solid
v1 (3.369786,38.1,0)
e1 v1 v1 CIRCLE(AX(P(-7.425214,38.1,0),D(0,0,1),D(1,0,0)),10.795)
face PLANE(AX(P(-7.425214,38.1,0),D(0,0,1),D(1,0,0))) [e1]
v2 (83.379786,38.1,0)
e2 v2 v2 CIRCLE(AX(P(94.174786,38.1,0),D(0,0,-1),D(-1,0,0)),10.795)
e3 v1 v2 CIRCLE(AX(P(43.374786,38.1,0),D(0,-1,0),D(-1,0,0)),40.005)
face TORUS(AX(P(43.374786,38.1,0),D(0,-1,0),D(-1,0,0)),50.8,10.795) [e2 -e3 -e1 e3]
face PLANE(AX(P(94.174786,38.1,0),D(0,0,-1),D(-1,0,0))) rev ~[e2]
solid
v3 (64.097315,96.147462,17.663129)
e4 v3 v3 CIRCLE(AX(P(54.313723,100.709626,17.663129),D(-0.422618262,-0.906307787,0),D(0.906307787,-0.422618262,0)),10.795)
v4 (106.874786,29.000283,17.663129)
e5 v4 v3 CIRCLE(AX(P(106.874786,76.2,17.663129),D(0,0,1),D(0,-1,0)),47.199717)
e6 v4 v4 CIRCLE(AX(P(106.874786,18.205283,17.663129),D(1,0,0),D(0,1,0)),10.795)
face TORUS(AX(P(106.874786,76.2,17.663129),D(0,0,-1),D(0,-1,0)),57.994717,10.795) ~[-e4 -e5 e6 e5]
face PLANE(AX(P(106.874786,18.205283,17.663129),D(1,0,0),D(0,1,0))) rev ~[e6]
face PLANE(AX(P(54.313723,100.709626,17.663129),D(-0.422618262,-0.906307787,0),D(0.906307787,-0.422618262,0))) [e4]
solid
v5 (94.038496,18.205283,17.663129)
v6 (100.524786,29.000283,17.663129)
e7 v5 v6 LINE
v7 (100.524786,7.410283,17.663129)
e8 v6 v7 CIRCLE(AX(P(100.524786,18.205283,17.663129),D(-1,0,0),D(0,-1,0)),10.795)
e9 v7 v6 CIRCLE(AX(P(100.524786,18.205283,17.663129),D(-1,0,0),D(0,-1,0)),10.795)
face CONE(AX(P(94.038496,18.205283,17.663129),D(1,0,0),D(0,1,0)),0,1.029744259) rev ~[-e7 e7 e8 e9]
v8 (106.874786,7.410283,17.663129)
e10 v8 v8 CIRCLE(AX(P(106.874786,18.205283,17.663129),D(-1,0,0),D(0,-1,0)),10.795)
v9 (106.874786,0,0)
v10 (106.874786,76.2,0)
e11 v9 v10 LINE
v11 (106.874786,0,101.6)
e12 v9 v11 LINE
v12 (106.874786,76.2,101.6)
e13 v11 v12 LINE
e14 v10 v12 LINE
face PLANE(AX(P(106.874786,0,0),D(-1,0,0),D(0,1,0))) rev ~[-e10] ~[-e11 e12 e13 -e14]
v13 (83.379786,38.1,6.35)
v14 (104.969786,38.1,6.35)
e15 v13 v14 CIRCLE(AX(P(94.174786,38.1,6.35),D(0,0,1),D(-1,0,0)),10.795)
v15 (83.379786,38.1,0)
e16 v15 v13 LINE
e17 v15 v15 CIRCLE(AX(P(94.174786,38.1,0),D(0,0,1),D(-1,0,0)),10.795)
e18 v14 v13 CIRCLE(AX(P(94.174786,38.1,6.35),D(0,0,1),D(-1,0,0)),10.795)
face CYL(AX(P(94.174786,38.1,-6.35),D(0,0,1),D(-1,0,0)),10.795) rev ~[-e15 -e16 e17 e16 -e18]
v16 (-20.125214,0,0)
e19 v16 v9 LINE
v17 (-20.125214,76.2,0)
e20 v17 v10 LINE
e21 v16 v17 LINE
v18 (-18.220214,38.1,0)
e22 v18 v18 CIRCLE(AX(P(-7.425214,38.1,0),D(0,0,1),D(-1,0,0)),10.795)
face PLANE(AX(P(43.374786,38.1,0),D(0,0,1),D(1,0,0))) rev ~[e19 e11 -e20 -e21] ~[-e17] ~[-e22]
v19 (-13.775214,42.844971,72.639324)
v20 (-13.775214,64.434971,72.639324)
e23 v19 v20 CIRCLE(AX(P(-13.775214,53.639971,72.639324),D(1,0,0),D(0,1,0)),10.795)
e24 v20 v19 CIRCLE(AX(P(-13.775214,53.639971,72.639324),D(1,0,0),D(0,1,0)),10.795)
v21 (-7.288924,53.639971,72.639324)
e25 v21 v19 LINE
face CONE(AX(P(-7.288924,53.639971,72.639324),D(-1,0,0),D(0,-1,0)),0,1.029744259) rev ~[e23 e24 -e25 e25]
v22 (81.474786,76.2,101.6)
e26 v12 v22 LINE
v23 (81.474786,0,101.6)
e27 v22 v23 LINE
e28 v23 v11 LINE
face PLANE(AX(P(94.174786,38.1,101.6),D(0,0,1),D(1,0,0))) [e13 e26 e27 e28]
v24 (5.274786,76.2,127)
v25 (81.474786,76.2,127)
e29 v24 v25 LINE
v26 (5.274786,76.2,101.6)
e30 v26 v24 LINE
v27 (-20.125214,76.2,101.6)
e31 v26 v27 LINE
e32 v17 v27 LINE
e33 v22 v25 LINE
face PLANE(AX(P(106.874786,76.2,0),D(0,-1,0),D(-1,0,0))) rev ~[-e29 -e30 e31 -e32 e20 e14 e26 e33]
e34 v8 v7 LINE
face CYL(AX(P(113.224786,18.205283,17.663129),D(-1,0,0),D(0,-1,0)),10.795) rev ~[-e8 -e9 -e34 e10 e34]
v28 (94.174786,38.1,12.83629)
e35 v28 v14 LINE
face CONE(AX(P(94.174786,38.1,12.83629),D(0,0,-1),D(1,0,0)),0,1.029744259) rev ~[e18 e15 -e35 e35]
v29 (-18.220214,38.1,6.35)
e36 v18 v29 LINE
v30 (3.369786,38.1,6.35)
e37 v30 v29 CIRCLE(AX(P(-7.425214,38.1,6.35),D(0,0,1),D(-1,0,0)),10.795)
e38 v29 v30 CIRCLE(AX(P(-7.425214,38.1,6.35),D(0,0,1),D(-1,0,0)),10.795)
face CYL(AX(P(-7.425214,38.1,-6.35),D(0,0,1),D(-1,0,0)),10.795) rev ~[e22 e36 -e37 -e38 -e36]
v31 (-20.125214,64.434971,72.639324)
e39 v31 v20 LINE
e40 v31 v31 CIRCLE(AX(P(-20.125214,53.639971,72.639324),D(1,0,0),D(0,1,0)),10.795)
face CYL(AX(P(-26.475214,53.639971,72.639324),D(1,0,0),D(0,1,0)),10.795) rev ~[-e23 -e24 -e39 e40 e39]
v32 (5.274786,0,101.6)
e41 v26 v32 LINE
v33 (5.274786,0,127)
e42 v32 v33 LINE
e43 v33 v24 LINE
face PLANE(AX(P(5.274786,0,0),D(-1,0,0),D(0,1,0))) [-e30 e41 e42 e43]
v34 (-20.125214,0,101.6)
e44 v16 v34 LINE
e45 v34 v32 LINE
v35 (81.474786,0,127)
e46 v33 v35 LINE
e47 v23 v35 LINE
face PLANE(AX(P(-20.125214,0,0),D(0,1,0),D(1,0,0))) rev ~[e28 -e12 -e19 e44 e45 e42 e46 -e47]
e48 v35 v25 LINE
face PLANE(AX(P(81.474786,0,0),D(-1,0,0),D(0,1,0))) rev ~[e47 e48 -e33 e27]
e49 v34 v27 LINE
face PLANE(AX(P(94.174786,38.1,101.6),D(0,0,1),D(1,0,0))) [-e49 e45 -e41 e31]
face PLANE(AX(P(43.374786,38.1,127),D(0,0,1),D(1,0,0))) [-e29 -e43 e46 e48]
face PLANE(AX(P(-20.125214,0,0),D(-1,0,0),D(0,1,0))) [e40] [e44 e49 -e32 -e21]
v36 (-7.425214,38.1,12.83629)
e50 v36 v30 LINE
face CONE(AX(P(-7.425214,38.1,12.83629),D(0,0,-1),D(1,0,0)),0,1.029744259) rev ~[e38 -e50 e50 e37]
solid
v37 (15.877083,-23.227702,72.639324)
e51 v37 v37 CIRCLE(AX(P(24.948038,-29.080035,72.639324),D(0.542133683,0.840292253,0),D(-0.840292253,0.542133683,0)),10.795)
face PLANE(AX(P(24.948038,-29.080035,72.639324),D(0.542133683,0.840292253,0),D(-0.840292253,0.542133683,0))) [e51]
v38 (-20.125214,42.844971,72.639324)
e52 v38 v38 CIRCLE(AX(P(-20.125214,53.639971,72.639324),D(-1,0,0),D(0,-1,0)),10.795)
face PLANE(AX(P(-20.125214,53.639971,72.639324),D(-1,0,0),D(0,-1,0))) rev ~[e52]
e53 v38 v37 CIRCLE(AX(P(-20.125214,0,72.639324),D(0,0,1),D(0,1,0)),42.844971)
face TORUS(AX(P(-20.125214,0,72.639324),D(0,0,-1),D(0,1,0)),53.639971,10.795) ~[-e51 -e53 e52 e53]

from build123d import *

# Parameters (mm, degrees)
F0_W      = 25.4
F0_H      = 76.2
F0_R      = 10.795
F0_W_2    = 76.2
F1_DEPTH  = 101.6
F2_R      = 10.795
F3_ANGLE  = 237.1709936833
F4_R      = 10.795
F5_ANGLE  = 245
F6_DEPTH  = 127
F7_ANGLE  = 180
F8_D      = 21.59
F8_DEPTH  = 6.35
F8_TIP    = 6.4862903824
F9_D      = 21.59
F9_DEPTH  = 6.35
F9_TIP    = 6.4862903824
F10_D     = 21.59
F10_DEPTH = 6.35
F10_TIP   = 6.4862903824
F11_D     = 21.59
F11_DEPTH = 6.35
F11_TIP   = 6.4862903824


with BuildPart() as f1:
    # F0 (on Top) → F1 (new body)
    with BuildSketch(Plane.XY):
        with Locations((94.1747859895, 38.1)):
            Rectangle(F0_W, F0_H)
        with Locations((94.1747859895, 38.1)):
            Circle(F0_R, mode=Mode.SUBTRACT)
        with Locations((-7.4252140105, 38.1)):
            Rectangle(F0_W, F0_H)
        with Locations((-7.4252140105, 38.1)):
            Circle(F0_R, mode=Mode.SUBTRACT)
        with Locations((43.3747859895, 38.1)):
            Rectangle(F0_W_2, F0_H)
        with Locations((-7.4252140105, 38.1)):
            Circle(F0_R)
        with Locations((94.1747859895, 38.1)):
            Circle(F0_R)
    extrude(amount=F1_DEPTH)

    # F0 (on Top) → F6 (join)
    with BuildSketch(Plane.XY):
        with Locations((43.3747859895, 38.1)):
            Rectangle(F0_W_2, F0_H)
    extrude(amount=F6_DEPTH)

    # F8
    with Locations(Plane.YZ.offset(106.8747859895)):
        with Locations((18.2052832097, 17.663128674)):
            Hole(F8_D / 2, depth=F8_DEPTH)
            with Locations((0, 0, -(F8_DEPTH + F8_TIP / 2))):  # 118° drill point
                Cone(0, F8_D / 2, F8_TIP, mode=Mode.SUBTRACT)

    # F9
    with Locations(Plane(origin=(-20.1252140105, 0, 0), x_dir=(0, -1, 0), z_dir=(-1, 0, 0))):
        with Locations((-53.6399707198, 72.639323771)):
            Hole(F9_D / 2, depth=F9_DEPTH)
            with Locations((0, 0, -(F9_DEPTH + F9_TIP / 2))):  # 118° drill point
                Cone(0, F9_D / 2, F9_TIP, mode=Mode.SUBTRACT)

    # F10
    with Locations(Plane(origin=(0, 0, 0), x_dir=(1, 0, 0), z_dir=(0, 0, -1))):
        with Locations((-7.4252140105, -38.1)):
            Hole(F10_D / 2, depth=F10_DEPTH)
            with Locations((0, 0, -(F10_DEPTH + F10_TIP / 2))):  # 118° drill point
                Cone(0, F10_D / 2, F10_TIP, mode=Mode.SUBTRACT)

    # F11
    with Locations(Plane(origin=(0, 0, 0), x_dir=(1, 0, 0), z_dir=(0, 0, -1))):
        with Locations((94.1747859895, -38.1)):
            Hole(F11_D / 2, depth=F11_DEPTH)
            with Locations((0, 0, -(F11_DEPTH + F11_TIP / 2))):  # 118° drill point
                Cone(0, F11_D / 2, F11_TIP, mode=Mode.SUBTRACT)


with BuildPart() as f3:
    # F2 (on face) → F3 (revolve)
    with BuildSketch(Plane(origin=(-20.1252140105, 0, 0), x_dir=(0, -1, 0), z_dir=(-1, 0, 0))):
        with Locations((-53.6399707198, 72.639323771)):
            Circle(F2_R)
    revolve(axis=Axis((-20.1252140105, 0, 50.8), (0, 0, 1)), revolution_arc=F3_ANGLE)


with BuildPart() as f5:
    # F4 (on face) → F5 (revolve)
    with BuildSketch(Plane.YZ.offset(106.8747859895)):
        with Locations((18.2052832097, 17.663128674)):
            Circle(F4_R)
    revolve(axis=Axis((106.8747859895, 76.2, 50.8), (0, 0, 1)), revolution_arc=F5_ANGLE)


with BuildPart() as f7:
    # F0 (on Top) → F7 (revolve)
    with BuildSketch(Plane.XY):
        with Locations((-7.4252140105, 38.1)):
            Circle(F0_R)
    revolve(axis=Axis((43.3747859895, 38.1, 0), (0, -1, 0)), revolution_arc=F7_ANGLE)


solid = Compound([f1.part, f3.part, f5.part, f7.part])
